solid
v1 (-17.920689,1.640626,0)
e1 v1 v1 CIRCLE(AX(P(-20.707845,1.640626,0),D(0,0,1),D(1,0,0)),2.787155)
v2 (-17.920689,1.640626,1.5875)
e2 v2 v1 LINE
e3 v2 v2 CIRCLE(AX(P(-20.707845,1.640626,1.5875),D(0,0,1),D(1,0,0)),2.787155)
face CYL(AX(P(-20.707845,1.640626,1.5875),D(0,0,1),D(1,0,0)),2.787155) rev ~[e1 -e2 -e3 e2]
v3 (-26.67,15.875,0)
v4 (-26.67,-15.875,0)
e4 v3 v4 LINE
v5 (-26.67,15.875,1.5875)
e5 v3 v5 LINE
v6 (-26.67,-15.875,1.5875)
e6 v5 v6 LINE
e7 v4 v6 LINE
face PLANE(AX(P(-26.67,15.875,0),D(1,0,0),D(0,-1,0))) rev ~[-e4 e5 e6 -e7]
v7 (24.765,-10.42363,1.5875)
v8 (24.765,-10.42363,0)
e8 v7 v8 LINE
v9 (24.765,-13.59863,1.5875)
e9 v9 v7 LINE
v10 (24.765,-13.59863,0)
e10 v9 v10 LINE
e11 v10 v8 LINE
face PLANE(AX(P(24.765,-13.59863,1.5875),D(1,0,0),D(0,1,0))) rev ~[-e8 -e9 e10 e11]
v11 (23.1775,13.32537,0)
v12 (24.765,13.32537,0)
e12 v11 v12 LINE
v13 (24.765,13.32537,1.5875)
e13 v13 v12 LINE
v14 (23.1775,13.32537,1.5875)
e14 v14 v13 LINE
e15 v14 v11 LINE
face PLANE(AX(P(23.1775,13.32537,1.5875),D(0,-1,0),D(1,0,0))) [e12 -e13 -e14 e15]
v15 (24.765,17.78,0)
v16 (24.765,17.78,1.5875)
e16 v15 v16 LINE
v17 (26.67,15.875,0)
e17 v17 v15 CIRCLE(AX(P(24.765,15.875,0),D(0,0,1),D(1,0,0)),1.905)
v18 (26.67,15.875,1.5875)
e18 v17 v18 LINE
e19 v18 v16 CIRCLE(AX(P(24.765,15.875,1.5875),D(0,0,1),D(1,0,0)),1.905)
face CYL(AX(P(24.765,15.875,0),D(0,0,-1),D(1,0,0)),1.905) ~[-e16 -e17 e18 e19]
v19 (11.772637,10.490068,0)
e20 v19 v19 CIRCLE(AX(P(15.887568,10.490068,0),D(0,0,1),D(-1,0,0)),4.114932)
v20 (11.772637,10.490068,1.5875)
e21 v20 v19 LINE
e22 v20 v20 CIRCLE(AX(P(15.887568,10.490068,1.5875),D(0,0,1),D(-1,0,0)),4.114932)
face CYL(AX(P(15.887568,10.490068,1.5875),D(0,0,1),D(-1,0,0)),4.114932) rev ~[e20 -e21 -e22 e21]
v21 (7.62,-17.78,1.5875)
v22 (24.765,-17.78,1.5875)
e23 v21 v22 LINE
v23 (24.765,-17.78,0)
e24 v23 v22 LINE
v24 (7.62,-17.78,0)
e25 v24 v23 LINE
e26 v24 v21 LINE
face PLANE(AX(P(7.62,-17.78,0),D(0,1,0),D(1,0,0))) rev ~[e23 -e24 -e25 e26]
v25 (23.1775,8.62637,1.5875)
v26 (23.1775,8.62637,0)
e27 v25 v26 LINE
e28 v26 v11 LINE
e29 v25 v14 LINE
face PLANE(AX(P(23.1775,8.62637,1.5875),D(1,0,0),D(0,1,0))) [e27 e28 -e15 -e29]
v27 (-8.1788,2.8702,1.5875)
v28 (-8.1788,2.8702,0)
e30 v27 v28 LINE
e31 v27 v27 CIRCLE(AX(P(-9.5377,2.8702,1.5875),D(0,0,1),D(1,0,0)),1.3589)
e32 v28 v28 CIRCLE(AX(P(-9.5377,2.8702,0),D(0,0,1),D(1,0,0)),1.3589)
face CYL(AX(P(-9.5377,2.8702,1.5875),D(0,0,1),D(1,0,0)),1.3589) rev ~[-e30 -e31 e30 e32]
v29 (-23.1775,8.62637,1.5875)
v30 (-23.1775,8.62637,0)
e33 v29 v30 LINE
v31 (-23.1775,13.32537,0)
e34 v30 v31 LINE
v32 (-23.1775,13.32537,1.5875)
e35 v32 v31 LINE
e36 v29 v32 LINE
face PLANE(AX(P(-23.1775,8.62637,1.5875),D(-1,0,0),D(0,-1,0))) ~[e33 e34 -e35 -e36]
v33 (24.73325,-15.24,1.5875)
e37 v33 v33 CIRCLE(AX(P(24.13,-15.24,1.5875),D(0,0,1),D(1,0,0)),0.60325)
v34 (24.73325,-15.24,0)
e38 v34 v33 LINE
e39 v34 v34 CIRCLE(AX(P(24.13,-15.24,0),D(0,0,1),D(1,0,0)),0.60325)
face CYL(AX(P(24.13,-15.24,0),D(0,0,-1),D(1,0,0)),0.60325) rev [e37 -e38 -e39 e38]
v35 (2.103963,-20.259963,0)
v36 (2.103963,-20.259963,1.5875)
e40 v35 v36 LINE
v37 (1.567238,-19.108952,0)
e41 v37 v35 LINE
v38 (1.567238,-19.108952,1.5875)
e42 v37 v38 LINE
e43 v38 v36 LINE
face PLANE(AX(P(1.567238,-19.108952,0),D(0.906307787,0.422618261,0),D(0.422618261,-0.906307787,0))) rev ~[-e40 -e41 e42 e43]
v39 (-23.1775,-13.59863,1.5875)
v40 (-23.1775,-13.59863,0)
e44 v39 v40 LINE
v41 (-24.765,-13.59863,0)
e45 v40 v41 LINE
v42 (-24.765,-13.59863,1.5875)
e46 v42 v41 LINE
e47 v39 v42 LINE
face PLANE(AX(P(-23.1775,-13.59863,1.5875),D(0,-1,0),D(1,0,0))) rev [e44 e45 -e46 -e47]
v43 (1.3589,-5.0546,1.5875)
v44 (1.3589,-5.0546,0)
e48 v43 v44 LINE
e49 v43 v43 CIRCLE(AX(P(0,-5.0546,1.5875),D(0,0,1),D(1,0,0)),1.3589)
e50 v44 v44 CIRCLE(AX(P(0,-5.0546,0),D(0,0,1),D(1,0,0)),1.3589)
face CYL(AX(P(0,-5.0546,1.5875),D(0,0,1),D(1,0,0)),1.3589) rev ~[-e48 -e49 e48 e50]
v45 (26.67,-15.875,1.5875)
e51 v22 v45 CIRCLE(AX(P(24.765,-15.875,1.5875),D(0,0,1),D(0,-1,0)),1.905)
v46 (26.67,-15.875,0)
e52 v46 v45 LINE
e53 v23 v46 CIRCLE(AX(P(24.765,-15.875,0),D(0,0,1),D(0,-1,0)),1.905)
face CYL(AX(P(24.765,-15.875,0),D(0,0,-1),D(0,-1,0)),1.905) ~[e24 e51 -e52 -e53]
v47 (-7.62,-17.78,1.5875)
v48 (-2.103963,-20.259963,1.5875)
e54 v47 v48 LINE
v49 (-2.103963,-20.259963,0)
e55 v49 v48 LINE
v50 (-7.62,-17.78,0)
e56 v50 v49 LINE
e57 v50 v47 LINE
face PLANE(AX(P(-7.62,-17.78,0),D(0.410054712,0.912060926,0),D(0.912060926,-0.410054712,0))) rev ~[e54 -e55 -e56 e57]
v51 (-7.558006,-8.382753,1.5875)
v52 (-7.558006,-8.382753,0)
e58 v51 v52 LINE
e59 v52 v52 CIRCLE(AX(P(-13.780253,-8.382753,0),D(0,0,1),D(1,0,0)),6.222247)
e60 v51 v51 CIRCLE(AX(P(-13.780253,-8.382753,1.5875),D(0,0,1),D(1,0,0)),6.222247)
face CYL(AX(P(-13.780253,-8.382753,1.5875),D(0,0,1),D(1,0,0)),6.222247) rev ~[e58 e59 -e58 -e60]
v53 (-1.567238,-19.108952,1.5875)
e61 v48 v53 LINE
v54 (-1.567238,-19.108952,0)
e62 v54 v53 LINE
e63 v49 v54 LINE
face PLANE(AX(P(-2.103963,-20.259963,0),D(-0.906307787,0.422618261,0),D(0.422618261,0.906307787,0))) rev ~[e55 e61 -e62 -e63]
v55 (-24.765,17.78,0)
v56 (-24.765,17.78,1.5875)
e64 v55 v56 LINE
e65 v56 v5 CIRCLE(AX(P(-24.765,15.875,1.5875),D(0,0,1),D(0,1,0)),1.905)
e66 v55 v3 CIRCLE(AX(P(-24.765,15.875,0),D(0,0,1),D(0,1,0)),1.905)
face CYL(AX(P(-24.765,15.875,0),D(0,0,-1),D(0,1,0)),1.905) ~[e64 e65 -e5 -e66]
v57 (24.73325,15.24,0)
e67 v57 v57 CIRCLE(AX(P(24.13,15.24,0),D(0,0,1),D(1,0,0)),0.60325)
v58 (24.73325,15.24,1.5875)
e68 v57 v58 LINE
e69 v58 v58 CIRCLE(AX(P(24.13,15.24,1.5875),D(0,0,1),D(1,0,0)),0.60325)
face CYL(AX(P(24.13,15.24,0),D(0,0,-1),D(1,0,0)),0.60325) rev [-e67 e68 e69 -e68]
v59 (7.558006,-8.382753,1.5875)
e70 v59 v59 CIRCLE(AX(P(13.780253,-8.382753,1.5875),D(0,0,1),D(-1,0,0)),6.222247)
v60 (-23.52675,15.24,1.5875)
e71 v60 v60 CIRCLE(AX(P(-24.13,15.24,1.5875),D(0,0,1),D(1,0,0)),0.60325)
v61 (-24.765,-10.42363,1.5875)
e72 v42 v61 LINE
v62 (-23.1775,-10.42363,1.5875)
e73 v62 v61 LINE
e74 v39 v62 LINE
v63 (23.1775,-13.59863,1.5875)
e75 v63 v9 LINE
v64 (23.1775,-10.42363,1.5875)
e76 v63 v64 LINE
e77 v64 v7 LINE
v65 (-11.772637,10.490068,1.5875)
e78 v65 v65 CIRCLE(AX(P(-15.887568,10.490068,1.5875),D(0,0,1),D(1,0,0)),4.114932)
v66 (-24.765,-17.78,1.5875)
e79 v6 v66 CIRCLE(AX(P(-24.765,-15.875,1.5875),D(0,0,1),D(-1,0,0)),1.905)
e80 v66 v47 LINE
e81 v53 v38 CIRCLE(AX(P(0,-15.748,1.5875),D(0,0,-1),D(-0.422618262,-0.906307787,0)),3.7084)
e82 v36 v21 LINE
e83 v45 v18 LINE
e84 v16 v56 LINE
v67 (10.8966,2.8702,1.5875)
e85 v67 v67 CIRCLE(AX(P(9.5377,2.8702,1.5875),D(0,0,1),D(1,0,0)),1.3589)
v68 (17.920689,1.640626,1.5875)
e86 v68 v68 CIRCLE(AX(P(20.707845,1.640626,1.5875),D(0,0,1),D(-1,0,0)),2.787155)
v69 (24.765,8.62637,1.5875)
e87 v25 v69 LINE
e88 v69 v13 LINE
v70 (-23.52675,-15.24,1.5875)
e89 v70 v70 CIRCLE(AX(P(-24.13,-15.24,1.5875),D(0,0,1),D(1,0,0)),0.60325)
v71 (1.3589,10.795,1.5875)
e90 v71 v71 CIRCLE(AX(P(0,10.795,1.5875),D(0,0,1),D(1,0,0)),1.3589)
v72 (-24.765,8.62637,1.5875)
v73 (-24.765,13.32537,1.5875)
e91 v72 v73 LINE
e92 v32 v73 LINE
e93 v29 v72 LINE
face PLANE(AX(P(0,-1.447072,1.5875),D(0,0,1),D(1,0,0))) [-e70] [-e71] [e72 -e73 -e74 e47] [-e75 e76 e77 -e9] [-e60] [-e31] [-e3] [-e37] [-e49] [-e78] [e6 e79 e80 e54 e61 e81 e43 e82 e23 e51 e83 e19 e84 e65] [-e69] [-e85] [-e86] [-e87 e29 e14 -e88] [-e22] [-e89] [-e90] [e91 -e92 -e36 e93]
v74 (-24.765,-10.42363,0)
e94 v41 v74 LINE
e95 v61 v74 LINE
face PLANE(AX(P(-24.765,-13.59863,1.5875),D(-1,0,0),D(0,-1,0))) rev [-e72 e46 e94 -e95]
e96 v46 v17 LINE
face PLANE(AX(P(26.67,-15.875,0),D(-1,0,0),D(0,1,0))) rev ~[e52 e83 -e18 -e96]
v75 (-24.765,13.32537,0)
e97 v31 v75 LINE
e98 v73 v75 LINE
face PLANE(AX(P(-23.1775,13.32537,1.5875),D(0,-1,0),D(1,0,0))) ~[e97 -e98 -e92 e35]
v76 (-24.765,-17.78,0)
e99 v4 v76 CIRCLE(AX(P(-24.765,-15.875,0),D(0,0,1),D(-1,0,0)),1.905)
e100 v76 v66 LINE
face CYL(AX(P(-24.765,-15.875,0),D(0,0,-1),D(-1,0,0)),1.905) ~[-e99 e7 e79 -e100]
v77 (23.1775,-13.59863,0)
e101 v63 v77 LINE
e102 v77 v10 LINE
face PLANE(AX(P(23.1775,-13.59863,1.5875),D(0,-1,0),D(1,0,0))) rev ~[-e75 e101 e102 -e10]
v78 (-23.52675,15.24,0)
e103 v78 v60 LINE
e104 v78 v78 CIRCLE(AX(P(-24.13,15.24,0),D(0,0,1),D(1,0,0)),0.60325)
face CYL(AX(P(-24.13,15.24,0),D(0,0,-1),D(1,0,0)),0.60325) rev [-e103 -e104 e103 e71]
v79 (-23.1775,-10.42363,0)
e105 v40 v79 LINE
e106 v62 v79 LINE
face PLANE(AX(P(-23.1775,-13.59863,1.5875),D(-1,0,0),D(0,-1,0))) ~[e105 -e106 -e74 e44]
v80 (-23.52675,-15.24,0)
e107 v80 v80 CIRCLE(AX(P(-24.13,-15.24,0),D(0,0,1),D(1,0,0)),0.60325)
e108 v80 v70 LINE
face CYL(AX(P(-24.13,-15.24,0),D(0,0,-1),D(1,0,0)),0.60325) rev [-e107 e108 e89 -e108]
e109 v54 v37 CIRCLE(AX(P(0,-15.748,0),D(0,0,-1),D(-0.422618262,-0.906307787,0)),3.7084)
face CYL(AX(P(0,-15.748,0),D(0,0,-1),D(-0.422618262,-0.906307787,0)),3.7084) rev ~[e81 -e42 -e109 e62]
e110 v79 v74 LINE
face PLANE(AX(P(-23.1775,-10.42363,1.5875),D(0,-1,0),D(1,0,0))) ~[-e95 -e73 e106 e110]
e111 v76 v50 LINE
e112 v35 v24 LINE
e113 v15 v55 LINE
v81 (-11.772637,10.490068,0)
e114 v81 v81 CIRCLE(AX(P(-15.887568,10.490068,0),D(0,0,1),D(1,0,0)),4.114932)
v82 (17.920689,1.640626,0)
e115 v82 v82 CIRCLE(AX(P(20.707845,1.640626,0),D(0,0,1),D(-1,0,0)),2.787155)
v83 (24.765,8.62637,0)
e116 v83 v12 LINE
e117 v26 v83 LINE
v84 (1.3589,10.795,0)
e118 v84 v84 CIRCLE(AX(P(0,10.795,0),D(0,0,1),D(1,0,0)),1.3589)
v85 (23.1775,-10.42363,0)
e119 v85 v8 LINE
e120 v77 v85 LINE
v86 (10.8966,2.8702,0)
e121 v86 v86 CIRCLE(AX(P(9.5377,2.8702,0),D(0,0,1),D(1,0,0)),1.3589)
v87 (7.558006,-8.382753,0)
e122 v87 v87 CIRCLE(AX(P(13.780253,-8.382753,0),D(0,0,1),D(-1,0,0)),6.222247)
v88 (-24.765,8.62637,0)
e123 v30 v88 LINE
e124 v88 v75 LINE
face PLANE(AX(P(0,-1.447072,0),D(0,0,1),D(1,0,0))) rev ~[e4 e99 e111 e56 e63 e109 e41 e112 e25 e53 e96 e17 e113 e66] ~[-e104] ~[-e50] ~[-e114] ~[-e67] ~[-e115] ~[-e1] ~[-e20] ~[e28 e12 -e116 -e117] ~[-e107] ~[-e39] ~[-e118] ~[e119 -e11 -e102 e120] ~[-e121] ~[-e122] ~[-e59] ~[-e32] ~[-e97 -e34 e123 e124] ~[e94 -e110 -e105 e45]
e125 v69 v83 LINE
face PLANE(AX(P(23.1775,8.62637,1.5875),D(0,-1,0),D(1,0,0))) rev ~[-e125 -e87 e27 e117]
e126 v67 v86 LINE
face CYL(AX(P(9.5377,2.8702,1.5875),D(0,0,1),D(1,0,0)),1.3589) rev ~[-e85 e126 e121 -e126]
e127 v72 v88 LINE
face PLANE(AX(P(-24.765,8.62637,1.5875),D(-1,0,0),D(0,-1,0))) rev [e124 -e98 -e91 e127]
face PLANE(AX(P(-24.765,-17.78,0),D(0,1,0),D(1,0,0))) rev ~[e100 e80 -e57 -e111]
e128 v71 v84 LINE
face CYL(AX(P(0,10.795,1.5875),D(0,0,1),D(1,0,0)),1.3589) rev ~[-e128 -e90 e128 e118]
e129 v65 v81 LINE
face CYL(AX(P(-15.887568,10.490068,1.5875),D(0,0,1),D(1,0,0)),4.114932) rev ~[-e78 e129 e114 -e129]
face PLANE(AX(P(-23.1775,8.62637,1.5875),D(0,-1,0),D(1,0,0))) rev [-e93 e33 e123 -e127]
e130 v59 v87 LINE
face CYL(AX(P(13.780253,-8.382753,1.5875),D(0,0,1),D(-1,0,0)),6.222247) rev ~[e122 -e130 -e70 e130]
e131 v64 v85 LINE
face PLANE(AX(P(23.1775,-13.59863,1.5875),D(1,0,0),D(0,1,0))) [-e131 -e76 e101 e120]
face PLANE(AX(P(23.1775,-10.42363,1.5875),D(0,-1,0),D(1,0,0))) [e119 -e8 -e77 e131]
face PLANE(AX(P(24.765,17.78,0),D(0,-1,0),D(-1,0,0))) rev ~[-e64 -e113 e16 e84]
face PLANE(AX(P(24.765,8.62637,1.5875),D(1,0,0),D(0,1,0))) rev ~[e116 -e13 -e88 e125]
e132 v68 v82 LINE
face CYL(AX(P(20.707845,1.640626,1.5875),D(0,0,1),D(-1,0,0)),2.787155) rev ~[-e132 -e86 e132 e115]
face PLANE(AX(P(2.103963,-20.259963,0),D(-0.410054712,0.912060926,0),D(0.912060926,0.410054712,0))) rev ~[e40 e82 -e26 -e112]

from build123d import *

# Parameters (mm, degrees)
SKETCH1_R           = 0.60325
BOSS_EXTRUDE1_DEPTH = 1.5875
SKETCH5_W           = 1.5875
SKETCH5_H           = 3.175
SKETCH5_H_2         = 4.699
CUT_EXTRUDE1_DEPTH  = 34.530212411
SKETCH7_R           = 1.3589
CUT_EXTRUDE2_DEPTH  = 34.530212411
SKETCH8_R           = 6.222246918
SKETCH8_R_2         = 4.114931659
CUT_EXTRUDE3_DEPTH  = 34.530212411
SKETCH9_R           = 2.787155445
CUT_EXTRUDE4_DEPTH  = 34.530212411


with BuildPart() as part:
    # Sketch1 → Boss-Extrude1 (new body)
    with BuildSketch(Plane.XY):
        with BuildLine():
            ThreePointArc((26.67, 15.875), (26.112038418, 17.222038418), (24.765, 17.78))
            Line((24.765, 17.78), (-24.765, 17.78))
            ThreePointArc((-24.765, 17.78), (-26.112038418, 17.222038418), (-26.67, 15.875))
            Line((-26.67, 15.875), (-26.67, -15.875))
            ThreePointArc((-26.67, -15.875), (-26.112038418, -17.222038418), (-24.765, -17.78))
            Line((-24.765, -17.78), (-7.62, -17.78))
            Line((-7.62, -17.78), (-2.103962754, -20.259962687))
            Line((-2.103962754, -20.259962687), (-1.567237562, -19.108951797))
            ThreePointArc((-1.567237562, -19.108951797), (0, -12.0396), (1.567237562, -19.108951797))
            Line((1.567237562, -19.108951797), (2.103962754, -20.259962687))
            Line((2.103962754, -20.259962687), (7.62, -17.78))
            Line((7.62, -17.78), (24.765, -17.78))
            ThreePointArc((24.765, -17.78), (26.112038418, -17.222038418), (26.67, -15.875))
            Line((26.67, -15.875), (26.67, 15.875))
        make_face()
        with Locations((-24.13, -15.24)):
            Circle(SKETCH1_R, mode=Mode.SUBTRACT)
        with Locations((24.13, -15.24)):
            Circle(SKETCH1_R, mode=Mode.SUBTRACT)
        with Locations((-24.13, 15.24)):
            Circle(SKETCH1_R, mode=Mode.SUBTRACT)
        with Locations((24.13, 15.24)):
            Circle(SKETCH1_R, mode=Mode.SUBTRACT)
    extrude(amount=BOSS_EXTRUDE1_DEPTH)

    # Sketch5 → Cut-Extrude1 (cut, through all)
    with BuildSketch(Plane.XY.offset(1.5875)):
        with Locations((23.97125, -12.011129894)):
            Rectangle(SKETCH5_W, SKETCH5_H)
        with Locations((23.97125, 10.975870106)):
            Rectangle(SKETCH5_W, SKETCH5_H_2)
    cut_extrude1 = extrude(amount=-CUT_EXTRUDE1_DEPTH, mode=Mode.SUBTRACT)

    # Mirror1: Cut-Extrude1 across plane
    add(cut_extrude1.mirror(Plane(origin=(0, 0, 0), x_dir=(0, 0, 1), z_dir=(1, 0, 0))), mode=Mode.SUBTRACT)

    # Sketch7 → Cut-Extrude2 (cut, through all)
    with BuildSketch(Plane.XY.offset(1.5875)):
        with Locations((0, 10.795)):
            Circle(SKETCH7_R)
        with Locations((9.5377, 2.8702)):
            Circle(SKETCH7_R)
        with Locations((-9.5377, 2.8702)):
            Circle(SKETCH7_R)
        with Locations((0, -5.0546)):
            Circle(SKETCH7_R)
    extrude(amount=-CUT_EXTRUDE2_DEPTH, mode=Mode.SUBTRACT)

    # Sketch8 → Cut-Extrude3 (cut, through all)
    with BuildSketch(Plane.XY.offset(1.5875)):
        with Locations((13.780253082, -8.382753082)):
            Circle(SKETCH8_R)
        with Locations((-15.887568341, 10.490068341)):
            Circle(SKETCH8_R_2)
        with Locations((-13.780253082, -8.382753082)):
            Circle(SKETCH8_R)
        with Locations((15.887568341, 10.490068341)):
            Circle(SKETCH8_R_2)
    extrude(amount=-CUT_EXTRUDE3_DEPTH, mode=Mode.SUBTRACT)

    # Sketch9 → Cut-Extrude4 (cut, through all)
    with BuildSketch(Plane.XY.offset(1.5875)):
        with Locations((-20.707844555, 1.640626454)):
            Circle(SKETCH9_R)
        with Locations((20.707844555, 1.640626454)):
            Circle(SKETCH9_R)
    extrude(amount=-CUT_EXTRUDE4_DEPTH, mode=Mode.SUBTRACT)


solid = part.part
